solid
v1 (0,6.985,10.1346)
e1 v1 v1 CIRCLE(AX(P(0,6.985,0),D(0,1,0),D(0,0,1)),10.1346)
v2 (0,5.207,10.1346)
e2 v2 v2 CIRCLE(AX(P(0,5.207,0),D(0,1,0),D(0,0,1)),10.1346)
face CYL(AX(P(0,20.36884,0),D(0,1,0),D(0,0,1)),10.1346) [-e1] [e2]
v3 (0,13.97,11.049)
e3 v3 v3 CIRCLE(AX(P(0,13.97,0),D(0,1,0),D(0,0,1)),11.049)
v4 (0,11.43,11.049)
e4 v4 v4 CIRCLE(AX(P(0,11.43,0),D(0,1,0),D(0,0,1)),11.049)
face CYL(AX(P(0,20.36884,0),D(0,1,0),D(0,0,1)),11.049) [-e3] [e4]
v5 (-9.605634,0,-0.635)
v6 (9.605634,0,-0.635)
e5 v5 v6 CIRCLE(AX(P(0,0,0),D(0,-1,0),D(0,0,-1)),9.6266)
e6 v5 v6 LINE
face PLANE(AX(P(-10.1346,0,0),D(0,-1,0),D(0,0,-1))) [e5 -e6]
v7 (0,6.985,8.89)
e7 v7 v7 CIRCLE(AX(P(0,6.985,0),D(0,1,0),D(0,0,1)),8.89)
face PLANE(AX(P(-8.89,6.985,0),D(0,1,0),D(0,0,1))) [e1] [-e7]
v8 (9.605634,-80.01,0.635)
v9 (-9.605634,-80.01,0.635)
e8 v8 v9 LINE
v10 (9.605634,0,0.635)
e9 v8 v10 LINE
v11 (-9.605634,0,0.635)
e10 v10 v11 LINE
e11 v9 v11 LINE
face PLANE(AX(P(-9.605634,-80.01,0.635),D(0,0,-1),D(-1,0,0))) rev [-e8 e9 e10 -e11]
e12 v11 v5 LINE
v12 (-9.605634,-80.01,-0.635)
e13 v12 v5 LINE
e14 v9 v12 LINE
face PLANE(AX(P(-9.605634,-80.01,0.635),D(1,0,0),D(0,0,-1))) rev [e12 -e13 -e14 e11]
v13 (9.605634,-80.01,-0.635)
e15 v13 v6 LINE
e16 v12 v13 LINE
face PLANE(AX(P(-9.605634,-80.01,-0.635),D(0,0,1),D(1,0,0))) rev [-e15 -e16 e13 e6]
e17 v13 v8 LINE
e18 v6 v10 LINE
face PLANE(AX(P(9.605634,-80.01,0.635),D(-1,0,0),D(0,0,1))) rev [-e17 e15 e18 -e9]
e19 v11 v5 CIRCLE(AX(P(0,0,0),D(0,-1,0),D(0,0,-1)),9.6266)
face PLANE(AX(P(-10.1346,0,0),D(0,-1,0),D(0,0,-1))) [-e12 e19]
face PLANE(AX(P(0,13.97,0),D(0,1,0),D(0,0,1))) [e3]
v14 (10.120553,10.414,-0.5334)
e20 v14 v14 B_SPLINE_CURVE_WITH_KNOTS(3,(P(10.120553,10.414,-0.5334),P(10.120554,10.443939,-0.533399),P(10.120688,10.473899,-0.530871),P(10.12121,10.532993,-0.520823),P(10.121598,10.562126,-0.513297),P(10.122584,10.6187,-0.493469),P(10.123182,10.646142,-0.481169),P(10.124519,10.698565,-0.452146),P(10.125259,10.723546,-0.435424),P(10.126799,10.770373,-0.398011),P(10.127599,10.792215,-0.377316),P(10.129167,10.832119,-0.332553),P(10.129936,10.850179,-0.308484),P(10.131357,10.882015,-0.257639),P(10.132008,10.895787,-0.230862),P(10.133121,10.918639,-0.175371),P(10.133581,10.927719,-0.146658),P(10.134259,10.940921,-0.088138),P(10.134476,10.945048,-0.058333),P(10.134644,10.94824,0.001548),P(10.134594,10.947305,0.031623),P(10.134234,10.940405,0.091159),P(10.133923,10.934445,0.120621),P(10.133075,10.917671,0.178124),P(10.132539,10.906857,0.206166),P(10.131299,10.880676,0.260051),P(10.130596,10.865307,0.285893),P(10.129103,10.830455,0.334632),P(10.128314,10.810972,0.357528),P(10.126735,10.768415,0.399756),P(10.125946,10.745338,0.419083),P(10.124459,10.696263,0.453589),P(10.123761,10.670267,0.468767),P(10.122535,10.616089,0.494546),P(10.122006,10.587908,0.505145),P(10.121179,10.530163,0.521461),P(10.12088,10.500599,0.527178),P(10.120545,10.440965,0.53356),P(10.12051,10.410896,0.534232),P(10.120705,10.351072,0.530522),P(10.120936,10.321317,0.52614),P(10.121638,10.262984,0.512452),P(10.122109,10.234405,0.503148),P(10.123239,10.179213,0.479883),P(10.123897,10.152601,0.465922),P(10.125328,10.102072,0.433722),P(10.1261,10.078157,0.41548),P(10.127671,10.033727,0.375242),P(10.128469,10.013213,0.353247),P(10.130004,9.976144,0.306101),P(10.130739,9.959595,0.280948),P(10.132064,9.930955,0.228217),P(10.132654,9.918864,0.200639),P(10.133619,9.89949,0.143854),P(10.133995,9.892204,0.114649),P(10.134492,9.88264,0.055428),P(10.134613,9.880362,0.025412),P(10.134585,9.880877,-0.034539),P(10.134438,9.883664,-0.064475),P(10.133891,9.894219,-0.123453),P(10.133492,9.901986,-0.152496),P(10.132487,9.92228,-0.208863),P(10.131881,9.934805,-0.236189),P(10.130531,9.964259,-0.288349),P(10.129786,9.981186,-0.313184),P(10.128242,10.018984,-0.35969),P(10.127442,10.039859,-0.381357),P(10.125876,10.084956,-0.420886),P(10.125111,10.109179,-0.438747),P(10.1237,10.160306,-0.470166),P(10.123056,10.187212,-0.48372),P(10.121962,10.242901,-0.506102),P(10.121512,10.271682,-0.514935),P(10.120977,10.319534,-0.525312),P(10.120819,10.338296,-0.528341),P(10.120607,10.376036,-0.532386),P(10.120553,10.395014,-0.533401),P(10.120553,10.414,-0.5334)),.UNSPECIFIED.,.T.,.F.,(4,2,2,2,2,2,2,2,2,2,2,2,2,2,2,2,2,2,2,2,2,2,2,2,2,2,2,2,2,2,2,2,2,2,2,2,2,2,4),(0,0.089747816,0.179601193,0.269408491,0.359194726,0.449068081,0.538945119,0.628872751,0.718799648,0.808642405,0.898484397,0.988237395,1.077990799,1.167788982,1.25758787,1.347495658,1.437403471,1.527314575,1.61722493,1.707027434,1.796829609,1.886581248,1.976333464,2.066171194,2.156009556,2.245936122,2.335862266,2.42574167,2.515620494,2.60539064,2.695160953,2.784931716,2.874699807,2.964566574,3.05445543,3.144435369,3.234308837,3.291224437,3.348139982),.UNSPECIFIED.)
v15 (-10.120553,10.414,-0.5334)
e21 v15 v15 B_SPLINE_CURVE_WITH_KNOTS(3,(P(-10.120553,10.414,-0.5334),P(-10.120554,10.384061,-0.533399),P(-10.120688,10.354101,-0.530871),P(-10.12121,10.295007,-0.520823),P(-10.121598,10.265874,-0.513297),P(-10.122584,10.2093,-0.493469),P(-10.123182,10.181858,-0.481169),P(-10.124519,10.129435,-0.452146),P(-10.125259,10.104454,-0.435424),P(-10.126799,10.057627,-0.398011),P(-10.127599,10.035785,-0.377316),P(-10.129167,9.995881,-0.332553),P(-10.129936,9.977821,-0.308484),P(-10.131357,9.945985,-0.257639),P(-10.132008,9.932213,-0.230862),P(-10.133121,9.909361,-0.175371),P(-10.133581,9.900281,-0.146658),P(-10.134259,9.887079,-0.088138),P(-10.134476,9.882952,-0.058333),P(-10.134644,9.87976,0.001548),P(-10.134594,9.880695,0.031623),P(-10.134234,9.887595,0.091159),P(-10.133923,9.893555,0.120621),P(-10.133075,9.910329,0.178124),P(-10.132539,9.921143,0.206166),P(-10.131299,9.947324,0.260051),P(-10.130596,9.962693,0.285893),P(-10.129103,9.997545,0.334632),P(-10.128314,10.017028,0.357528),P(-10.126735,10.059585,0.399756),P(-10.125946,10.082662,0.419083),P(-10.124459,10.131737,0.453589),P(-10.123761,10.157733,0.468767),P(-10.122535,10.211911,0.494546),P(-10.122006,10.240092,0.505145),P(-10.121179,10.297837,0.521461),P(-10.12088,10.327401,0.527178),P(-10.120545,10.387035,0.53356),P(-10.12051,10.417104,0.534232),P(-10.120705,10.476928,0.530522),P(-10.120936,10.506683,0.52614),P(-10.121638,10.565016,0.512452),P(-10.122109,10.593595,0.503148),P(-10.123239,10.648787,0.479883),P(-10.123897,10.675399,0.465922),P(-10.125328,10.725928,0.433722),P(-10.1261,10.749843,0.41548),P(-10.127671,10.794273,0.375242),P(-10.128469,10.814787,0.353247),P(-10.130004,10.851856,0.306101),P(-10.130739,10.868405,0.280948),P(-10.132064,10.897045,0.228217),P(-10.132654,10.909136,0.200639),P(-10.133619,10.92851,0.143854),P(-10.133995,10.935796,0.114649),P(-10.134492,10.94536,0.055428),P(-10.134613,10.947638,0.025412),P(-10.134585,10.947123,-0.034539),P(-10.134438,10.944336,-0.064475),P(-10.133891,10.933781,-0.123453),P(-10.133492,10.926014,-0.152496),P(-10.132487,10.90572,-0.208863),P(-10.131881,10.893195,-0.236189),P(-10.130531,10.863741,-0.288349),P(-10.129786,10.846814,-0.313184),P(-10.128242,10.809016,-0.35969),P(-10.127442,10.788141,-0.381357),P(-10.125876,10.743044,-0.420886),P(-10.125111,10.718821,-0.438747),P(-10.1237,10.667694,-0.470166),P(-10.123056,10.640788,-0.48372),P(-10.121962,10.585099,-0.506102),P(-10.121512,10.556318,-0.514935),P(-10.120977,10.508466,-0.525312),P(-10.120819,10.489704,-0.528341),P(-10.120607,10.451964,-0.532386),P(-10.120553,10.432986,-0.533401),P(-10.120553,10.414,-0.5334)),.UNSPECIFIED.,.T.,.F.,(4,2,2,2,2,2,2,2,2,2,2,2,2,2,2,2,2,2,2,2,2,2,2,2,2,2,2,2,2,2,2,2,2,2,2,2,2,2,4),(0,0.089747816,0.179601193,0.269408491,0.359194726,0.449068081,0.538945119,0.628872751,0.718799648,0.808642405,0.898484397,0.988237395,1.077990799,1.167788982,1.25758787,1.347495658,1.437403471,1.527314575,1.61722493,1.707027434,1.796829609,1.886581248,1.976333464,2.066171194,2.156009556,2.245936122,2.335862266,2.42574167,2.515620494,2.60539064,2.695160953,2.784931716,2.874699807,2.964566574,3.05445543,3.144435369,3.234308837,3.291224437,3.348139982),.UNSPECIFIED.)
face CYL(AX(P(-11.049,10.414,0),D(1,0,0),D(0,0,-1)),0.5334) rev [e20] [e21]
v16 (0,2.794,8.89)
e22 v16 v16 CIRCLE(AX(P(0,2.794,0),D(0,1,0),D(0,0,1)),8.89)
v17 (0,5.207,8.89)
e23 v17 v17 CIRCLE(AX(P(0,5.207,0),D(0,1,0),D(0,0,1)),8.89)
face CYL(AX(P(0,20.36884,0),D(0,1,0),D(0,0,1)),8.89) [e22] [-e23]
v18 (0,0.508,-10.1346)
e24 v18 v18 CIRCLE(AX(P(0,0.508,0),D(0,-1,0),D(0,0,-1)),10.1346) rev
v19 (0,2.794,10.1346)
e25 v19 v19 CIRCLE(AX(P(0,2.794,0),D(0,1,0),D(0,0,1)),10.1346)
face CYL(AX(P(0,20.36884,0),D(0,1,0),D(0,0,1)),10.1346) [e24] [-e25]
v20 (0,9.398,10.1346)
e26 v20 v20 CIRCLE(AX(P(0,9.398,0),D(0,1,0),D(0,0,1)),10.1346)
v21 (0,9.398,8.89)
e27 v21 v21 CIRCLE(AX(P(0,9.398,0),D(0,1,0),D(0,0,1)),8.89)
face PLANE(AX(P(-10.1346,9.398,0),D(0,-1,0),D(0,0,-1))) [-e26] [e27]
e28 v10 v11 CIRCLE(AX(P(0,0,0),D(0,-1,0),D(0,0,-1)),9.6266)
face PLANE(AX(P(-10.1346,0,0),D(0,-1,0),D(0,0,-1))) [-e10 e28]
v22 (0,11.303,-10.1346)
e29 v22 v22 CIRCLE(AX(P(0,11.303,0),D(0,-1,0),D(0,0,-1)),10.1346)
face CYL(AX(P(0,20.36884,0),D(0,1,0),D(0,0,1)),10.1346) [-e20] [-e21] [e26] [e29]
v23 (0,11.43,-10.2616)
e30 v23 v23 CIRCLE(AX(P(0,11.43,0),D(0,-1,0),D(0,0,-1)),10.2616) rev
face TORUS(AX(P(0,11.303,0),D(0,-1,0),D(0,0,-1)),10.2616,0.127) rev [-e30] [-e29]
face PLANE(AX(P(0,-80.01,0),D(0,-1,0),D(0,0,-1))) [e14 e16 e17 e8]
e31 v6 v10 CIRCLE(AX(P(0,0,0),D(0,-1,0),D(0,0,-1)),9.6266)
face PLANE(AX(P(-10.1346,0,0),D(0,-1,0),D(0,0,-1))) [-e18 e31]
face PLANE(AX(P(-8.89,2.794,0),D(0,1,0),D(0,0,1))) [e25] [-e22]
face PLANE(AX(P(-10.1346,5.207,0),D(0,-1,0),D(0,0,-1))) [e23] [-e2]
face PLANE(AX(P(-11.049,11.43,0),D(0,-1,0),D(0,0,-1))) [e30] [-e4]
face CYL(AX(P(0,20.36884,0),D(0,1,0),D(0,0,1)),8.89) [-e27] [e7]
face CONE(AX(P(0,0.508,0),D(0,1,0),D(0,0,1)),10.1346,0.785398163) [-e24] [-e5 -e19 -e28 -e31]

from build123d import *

# Parameters (mm, degrees)
CHAMFER1_SIZE           = 0.508
SKETCH2_W               = 19.211267794
SKETCH2_H               = 1.27
BOSS_EXTRUDE1_DEPTH     = 80.01
FILLET1_R               = 0.127
CUT_EXTRUDE1_DEPTH      = 82.521536431
CUT_EXTRUDE1_DEPTH_BACK = 82.521536431
SKETCH3_R               = 0.5334


with BuildPart() as part:
    # Sketch1 → Revolve1 (revolve)
    with BuildSketch(Plane.XY, mode=Mode.PRIVATE) as revolve1_sk:
        Polygon((0, 13.97), (-11.049, 13.97), (-11.049, 11.43), (-10.1346, 11.43), (-10.1346, 9.398), (-8.89, 9.398), (-8.89, 6.985), (-10.1346, 6.985), (-10.1346, 5.207), (-8.89, 5.207), (-8.89, 2.794), (-10.1346, 2.794), (-10.1346, 0), (0, 0), align=None)
    revolve(revolve1_sk.sketch.rotate(Axis((0, 20.368840099, 0), (0, -1, 0)), 270), axis=Axis((0, 20.368840099, 0), (0, -1, 0)))

    # Chamfer1
    chamfer1_edges = [part.edges().sort_by_distance(p)[0] for p in [
        (0, 0, -10.1346),
    ]]
    chamfer(chamfer1_edges, length=CHAMFER1_SIZE)

    # Sketch2 → Boss-Extrude1 (add)
    with BuildSketch(Plane.XZ):
        Rectangle(SKETCH2_W, SKETCH2_H)
    extrude(amount=BOSS_EXTRUDE1_DEPTH)

    # Fillet1
    fillet1_edges = [part.edges().sort_by_distance(p)[0] for p in [
        (0, 11.43, -10.1346),
    ]]
    fillet(fillet1_edges, radius=FILLET1_R)

    # Sketch3 → Cut-Extrude1 (cut, two sides: drawn at the far end of the back side and taken through both)
    with BuildSketch(Plane(origin=(0, 0, 0), x_dir=(0, 0, -1), z_dir=(1, 0, 0)).offset(-CUT_EXTRUDE1_DEPTH_BACK)):
        with Locations((0, 10.414)):
            Circle(SKETCH3_R)
    extrude(amount=CUT_EXTRUDE1_DEPTH + CUT_EXTRUDE1_DEPTH_BACK, mode=Mode.SUBTRACT)


solid = part.part
